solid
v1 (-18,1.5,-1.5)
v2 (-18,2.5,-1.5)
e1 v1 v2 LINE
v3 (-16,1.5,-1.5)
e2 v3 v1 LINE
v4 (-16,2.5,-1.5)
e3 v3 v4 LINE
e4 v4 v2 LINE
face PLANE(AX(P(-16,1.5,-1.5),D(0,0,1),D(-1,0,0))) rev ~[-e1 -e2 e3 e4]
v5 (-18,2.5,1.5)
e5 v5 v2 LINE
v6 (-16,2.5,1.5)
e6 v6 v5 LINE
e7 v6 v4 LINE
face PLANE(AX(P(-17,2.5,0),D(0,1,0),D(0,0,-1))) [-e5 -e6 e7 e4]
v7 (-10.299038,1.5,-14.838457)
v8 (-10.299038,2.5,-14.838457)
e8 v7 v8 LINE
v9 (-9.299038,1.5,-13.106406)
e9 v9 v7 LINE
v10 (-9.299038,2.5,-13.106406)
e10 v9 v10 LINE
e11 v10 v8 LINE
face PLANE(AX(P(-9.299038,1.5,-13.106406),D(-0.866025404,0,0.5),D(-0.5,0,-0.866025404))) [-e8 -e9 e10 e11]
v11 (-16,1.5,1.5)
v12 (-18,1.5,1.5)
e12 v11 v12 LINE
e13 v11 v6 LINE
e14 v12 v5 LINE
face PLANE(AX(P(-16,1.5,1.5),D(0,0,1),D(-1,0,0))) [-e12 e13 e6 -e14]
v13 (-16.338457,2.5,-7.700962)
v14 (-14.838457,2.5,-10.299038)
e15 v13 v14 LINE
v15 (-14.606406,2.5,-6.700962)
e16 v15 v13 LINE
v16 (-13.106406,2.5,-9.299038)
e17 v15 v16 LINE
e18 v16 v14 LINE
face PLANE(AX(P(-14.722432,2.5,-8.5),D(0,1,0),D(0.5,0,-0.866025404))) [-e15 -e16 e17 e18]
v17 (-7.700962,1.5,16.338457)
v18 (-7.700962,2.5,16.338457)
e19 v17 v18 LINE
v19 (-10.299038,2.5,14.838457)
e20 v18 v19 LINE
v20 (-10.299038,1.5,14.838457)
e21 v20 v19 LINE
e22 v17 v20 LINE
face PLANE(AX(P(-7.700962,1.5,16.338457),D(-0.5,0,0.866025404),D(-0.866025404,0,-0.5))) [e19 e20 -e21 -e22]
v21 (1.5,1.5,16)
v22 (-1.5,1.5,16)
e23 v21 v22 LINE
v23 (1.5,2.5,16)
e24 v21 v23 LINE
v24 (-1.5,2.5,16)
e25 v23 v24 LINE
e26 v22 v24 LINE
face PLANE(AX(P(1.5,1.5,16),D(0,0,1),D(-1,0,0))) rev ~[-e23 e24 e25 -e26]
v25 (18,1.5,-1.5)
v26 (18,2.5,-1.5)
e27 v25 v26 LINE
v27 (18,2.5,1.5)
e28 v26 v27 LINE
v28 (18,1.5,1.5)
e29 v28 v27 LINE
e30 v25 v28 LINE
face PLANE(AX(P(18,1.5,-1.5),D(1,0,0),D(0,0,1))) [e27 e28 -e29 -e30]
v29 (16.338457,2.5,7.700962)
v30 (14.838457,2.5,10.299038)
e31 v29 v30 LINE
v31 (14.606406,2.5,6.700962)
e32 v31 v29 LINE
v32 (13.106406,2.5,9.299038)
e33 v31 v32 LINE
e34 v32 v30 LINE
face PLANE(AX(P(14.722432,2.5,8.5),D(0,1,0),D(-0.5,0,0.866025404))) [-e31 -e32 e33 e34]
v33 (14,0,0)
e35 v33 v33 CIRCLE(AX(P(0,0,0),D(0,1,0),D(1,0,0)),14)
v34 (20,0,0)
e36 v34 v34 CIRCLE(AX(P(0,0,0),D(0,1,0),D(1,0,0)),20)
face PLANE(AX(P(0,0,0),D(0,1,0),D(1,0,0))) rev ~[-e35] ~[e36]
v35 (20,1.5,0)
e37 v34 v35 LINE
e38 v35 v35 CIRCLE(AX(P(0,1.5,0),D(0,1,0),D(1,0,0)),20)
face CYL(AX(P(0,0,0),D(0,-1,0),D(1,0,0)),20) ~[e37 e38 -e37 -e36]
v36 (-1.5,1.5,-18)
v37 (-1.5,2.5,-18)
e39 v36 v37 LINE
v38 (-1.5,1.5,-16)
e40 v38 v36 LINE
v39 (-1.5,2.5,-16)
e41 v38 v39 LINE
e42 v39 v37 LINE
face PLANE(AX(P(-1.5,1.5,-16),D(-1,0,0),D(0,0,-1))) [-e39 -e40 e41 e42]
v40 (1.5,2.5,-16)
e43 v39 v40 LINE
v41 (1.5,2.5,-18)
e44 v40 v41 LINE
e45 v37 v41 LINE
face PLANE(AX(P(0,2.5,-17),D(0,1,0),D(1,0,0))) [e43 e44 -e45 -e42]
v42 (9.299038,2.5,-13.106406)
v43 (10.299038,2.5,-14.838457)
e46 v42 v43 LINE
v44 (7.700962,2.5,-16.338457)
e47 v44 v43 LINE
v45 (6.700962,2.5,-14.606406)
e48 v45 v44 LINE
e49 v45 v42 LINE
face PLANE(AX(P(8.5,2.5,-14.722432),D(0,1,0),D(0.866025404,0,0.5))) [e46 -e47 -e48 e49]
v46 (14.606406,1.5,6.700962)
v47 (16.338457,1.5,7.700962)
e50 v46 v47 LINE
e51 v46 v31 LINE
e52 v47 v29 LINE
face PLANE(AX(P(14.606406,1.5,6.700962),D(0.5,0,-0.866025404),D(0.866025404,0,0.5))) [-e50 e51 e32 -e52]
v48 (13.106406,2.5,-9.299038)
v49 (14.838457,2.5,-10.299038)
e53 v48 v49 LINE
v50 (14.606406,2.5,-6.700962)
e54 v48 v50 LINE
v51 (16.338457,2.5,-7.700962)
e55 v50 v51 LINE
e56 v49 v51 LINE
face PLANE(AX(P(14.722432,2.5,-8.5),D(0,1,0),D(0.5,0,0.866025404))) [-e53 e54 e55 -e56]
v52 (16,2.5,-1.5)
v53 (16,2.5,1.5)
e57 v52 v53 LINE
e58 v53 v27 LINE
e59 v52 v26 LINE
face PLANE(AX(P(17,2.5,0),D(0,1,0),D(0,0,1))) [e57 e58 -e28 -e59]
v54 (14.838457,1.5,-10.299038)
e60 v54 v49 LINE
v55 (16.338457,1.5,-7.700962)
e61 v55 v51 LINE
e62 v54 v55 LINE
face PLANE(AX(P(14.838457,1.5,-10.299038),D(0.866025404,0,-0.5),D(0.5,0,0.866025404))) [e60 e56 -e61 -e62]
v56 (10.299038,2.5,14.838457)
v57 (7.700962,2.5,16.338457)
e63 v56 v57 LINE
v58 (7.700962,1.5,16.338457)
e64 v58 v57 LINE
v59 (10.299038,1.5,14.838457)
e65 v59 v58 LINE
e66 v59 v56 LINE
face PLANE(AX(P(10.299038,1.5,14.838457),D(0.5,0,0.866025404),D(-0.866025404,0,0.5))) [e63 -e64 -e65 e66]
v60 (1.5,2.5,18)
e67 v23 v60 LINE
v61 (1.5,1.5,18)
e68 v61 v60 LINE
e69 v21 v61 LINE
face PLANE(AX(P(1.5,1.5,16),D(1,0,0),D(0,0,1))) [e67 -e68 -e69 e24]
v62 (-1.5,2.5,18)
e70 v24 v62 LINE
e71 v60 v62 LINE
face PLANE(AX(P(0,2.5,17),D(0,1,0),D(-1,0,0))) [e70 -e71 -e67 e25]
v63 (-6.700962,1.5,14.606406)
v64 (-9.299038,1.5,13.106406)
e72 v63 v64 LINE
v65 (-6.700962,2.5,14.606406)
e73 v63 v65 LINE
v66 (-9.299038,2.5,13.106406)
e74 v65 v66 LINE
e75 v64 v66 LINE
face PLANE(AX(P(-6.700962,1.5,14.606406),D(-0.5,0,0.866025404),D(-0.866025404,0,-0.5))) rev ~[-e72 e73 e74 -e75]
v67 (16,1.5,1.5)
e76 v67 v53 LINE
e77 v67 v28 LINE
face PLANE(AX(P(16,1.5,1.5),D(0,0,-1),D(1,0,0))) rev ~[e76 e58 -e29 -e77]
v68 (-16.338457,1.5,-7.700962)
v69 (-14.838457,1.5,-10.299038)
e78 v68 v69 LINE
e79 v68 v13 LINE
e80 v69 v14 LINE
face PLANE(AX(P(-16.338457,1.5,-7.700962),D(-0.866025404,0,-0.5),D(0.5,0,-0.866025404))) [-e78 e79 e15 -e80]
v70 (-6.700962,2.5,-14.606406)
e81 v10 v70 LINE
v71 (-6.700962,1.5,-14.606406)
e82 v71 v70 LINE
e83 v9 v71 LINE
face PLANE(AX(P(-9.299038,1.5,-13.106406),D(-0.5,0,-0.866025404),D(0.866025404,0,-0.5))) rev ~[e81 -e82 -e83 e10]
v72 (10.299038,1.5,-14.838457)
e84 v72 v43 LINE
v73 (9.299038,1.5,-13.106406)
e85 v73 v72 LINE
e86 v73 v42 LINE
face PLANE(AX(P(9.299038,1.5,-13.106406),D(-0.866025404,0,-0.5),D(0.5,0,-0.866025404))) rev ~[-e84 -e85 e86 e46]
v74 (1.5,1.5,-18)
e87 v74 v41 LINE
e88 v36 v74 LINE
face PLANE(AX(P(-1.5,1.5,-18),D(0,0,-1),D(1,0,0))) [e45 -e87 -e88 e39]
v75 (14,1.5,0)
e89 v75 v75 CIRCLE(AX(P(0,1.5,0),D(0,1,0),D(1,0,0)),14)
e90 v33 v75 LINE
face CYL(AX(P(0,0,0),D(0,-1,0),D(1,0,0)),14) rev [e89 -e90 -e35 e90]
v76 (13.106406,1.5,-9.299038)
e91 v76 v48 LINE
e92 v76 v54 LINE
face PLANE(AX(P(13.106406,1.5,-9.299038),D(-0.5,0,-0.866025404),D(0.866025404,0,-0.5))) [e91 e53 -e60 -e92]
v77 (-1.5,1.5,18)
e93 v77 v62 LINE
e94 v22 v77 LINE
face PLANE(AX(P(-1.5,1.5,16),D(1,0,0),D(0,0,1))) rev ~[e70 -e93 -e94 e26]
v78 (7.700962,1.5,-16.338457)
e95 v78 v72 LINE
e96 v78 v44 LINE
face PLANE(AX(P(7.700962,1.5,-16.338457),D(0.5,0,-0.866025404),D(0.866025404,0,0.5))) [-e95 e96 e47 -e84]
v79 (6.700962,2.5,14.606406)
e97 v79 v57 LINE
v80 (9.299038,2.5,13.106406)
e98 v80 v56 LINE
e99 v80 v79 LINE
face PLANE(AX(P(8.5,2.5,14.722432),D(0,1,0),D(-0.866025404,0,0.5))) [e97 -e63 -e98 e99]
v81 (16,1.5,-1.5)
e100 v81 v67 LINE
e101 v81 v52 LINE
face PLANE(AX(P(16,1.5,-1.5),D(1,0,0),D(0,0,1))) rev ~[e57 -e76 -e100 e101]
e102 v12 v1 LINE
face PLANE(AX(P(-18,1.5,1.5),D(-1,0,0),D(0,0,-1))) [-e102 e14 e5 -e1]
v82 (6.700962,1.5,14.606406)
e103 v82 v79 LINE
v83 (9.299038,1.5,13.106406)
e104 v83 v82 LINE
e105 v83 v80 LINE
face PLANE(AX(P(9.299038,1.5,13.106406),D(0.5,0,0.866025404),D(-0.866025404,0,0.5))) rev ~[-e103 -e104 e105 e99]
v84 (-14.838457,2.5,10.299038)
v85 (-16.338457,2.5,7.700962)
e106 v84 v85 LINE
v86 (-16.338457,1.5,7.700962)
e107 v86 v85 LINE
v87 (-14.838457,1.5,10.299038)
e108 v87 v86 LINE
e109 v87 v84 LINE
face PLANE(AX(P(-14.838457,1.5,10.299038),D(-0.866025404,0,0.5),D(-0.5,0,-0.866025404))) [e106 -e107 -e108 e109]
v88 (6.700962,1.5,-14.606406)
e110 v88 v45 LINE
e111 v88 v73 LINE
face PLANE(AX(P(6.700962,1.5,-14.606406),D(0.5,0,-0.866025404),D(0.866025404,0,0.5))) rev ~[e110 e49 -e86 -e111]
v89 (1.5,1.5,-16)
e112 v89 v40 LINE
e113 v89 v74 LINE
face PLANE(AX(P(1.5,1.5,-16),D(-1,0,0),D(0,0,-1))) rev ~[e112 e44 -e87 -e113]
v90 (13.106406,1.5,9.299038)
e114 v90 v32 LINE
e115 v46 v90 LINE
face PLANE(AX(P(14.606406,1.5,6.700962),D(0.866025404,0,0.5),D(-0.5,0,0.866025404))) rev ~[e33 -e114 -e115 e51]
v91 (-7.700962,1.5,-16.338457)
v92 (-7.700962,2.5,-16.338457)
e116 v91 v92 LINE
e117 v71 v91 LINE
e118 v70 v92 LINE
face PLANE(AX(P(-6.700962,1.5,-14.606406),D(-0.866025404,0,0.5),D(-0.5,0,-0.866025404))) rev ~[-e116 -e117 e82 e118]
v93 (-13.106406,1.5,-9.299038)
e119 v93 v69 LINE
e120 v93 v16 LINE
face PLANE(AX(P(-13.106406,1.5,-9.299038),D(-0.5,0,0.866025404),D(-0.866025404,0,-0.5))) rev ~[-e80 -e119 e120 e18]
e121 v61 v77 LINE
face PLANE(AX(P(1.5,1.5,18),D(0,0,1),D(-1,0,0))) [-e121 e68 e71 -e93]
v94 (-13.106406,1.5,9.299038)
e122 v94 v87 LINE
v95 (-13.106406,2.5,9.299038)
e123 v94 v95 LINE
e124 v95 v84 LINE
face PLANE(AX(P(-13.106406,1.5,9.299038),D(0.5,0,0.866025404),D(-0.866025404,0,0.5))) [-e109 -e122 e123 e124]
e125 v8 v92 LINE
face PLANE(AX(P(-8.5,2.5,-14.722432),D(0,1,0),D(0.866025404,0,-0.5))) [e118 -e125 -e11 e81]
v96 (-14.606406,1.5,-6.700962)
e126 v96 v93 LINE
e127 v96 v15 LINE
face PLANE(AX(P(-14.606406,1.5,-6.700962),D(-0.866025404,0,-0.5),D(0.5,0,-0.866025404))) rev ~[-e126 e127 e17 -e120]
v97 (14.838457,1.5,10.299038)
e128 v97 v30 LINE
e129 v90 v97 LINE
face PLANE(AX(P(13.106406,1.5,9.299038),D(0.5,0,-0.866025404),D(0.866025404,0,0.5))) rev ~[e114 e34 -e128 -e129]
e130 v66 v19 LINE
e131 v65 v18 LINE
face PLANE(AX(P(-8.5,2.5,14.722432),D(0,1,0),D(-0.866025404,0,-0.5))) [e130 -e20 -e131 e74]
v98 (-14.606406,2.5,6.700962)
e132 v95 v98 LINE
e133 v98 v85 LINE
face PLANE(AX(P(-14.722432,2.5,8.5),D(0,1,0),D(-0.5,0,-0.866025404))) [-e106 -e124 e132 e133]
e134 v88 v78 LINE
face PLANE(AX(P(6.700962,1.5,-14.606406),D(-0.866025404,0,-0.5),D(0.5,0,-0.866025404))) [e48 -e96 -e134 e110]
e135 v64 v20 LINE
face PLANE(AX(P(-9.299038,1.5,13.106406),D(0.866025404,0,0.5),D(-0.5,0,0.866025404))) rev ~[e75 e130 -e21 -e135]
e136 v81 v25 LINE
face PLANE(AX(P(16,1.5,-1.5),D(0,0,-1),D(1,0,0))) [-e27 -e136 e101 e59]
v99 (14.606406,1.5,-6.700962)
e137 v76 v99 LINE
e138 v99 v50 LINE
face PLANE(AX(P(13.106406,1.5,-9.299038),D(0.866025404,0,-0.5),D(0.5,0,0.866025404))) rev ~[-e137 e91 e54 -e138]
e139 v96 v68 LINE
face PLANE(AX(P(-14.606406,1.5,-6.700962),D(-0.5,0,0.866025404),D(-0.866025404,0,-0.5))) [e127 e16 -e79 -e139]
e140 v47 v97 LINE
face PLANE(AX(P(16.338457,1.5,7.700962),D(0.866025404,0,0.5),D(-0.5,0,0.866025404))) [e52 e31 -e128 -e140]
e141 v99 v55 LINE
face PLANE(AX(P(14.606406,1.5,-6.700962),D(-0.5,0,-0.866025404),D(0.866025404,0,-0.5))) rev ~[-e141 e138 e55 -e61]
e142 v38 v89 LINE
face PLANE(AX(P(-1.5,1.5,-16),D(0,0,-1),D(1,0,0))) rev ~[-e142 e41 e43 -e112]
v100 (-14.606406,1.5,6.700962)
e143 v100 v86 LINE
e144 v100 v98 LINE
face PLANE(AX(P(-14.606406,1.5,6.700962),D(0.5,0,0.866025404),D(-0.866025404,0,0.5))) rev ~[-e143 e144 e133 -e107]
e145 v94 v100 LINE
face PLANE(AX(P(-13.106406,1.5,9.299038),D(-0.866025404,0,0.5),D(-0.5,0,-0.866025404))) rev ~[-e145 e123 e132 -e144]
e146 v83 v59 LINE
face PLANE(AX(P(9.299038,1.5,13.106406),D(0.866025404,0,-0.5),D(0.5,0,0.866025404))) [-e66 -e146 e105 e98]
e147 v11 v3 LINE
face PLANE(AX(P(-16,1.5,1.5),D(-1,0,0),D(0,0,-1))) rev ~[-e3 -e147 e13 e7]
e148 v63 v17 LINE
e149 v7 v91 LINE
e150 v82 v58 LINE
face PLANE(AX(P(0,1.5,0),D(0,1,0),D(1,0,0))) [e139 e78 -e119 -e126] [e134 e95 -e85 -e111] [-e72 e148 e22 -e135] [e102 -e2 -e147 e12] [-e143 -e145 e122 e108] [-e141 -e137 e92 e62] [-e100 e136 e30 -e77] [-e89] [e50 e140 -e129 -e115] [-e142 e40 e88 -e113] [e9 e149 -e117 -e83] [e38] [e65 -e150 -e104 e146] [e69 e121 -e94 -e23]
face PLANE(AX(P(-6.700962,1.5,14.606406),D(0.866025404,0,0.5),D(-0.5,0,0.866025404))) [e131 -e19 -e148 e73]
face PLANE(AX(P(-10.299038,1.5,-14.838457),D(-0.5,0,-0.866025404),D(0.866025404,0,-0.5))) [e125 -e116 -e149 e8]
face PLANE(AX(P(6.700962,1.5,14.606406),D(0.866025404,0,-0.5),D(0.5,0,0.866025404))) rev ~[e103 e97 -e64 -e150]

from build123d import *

# Parameters (mm, degrees)
SKETCH1_R           = 20
SKETCH1_R_2         = 14
BOSS_EXTRUDE1_DEPTH = 1.5
SKETCH2_W           = 3
SKETCH2_H           = 2
BOSS_EXTRUDE2_DEPTH = 1
CIRPATTERN1_COUNT   = 12


with BuildPart() as part:
    # Sketch1 → Boss-Extrude1 (new body)
    with BuildSketch(Plane(origin=(0, 0, 0), x_dir=(1, 0, 0), z_dir=(0, 1, 0))):
        Circle(SKETCH1_R)
        Circle(SKETCH1_R_2, mode=Mode.SUBTRACT)
    extrude(amount=BOSS_EXTRUDE1_DEPTH)

    # Sketch2 → Boss-Extrude2 (add)
    with BuildSketch(Plane(origin=(0, 1.5, 0), x_dir=(1, 0, 0), z_dir=(0, 1, 0))):
        with Locations((0, 17)):
            Rectangle(SKETCH2_W, SKETCH2_H)
    boss_extrude2 = extrude(amount=BOSS_EXTRUDE2_DEPTH)

    # CirPattern1: Boss-Extrude2 ×12 about axis
    cirpattern1_axis = Axis((0, 0, 0), (0, 1, 0))
    for i in range(1, CIRPATTERN1_COUNT):
        add(boss_extrude2.rotate(cirpattern1_axis, i * 360 / CIRPATTERN1_COUNT))


solid = part.part
